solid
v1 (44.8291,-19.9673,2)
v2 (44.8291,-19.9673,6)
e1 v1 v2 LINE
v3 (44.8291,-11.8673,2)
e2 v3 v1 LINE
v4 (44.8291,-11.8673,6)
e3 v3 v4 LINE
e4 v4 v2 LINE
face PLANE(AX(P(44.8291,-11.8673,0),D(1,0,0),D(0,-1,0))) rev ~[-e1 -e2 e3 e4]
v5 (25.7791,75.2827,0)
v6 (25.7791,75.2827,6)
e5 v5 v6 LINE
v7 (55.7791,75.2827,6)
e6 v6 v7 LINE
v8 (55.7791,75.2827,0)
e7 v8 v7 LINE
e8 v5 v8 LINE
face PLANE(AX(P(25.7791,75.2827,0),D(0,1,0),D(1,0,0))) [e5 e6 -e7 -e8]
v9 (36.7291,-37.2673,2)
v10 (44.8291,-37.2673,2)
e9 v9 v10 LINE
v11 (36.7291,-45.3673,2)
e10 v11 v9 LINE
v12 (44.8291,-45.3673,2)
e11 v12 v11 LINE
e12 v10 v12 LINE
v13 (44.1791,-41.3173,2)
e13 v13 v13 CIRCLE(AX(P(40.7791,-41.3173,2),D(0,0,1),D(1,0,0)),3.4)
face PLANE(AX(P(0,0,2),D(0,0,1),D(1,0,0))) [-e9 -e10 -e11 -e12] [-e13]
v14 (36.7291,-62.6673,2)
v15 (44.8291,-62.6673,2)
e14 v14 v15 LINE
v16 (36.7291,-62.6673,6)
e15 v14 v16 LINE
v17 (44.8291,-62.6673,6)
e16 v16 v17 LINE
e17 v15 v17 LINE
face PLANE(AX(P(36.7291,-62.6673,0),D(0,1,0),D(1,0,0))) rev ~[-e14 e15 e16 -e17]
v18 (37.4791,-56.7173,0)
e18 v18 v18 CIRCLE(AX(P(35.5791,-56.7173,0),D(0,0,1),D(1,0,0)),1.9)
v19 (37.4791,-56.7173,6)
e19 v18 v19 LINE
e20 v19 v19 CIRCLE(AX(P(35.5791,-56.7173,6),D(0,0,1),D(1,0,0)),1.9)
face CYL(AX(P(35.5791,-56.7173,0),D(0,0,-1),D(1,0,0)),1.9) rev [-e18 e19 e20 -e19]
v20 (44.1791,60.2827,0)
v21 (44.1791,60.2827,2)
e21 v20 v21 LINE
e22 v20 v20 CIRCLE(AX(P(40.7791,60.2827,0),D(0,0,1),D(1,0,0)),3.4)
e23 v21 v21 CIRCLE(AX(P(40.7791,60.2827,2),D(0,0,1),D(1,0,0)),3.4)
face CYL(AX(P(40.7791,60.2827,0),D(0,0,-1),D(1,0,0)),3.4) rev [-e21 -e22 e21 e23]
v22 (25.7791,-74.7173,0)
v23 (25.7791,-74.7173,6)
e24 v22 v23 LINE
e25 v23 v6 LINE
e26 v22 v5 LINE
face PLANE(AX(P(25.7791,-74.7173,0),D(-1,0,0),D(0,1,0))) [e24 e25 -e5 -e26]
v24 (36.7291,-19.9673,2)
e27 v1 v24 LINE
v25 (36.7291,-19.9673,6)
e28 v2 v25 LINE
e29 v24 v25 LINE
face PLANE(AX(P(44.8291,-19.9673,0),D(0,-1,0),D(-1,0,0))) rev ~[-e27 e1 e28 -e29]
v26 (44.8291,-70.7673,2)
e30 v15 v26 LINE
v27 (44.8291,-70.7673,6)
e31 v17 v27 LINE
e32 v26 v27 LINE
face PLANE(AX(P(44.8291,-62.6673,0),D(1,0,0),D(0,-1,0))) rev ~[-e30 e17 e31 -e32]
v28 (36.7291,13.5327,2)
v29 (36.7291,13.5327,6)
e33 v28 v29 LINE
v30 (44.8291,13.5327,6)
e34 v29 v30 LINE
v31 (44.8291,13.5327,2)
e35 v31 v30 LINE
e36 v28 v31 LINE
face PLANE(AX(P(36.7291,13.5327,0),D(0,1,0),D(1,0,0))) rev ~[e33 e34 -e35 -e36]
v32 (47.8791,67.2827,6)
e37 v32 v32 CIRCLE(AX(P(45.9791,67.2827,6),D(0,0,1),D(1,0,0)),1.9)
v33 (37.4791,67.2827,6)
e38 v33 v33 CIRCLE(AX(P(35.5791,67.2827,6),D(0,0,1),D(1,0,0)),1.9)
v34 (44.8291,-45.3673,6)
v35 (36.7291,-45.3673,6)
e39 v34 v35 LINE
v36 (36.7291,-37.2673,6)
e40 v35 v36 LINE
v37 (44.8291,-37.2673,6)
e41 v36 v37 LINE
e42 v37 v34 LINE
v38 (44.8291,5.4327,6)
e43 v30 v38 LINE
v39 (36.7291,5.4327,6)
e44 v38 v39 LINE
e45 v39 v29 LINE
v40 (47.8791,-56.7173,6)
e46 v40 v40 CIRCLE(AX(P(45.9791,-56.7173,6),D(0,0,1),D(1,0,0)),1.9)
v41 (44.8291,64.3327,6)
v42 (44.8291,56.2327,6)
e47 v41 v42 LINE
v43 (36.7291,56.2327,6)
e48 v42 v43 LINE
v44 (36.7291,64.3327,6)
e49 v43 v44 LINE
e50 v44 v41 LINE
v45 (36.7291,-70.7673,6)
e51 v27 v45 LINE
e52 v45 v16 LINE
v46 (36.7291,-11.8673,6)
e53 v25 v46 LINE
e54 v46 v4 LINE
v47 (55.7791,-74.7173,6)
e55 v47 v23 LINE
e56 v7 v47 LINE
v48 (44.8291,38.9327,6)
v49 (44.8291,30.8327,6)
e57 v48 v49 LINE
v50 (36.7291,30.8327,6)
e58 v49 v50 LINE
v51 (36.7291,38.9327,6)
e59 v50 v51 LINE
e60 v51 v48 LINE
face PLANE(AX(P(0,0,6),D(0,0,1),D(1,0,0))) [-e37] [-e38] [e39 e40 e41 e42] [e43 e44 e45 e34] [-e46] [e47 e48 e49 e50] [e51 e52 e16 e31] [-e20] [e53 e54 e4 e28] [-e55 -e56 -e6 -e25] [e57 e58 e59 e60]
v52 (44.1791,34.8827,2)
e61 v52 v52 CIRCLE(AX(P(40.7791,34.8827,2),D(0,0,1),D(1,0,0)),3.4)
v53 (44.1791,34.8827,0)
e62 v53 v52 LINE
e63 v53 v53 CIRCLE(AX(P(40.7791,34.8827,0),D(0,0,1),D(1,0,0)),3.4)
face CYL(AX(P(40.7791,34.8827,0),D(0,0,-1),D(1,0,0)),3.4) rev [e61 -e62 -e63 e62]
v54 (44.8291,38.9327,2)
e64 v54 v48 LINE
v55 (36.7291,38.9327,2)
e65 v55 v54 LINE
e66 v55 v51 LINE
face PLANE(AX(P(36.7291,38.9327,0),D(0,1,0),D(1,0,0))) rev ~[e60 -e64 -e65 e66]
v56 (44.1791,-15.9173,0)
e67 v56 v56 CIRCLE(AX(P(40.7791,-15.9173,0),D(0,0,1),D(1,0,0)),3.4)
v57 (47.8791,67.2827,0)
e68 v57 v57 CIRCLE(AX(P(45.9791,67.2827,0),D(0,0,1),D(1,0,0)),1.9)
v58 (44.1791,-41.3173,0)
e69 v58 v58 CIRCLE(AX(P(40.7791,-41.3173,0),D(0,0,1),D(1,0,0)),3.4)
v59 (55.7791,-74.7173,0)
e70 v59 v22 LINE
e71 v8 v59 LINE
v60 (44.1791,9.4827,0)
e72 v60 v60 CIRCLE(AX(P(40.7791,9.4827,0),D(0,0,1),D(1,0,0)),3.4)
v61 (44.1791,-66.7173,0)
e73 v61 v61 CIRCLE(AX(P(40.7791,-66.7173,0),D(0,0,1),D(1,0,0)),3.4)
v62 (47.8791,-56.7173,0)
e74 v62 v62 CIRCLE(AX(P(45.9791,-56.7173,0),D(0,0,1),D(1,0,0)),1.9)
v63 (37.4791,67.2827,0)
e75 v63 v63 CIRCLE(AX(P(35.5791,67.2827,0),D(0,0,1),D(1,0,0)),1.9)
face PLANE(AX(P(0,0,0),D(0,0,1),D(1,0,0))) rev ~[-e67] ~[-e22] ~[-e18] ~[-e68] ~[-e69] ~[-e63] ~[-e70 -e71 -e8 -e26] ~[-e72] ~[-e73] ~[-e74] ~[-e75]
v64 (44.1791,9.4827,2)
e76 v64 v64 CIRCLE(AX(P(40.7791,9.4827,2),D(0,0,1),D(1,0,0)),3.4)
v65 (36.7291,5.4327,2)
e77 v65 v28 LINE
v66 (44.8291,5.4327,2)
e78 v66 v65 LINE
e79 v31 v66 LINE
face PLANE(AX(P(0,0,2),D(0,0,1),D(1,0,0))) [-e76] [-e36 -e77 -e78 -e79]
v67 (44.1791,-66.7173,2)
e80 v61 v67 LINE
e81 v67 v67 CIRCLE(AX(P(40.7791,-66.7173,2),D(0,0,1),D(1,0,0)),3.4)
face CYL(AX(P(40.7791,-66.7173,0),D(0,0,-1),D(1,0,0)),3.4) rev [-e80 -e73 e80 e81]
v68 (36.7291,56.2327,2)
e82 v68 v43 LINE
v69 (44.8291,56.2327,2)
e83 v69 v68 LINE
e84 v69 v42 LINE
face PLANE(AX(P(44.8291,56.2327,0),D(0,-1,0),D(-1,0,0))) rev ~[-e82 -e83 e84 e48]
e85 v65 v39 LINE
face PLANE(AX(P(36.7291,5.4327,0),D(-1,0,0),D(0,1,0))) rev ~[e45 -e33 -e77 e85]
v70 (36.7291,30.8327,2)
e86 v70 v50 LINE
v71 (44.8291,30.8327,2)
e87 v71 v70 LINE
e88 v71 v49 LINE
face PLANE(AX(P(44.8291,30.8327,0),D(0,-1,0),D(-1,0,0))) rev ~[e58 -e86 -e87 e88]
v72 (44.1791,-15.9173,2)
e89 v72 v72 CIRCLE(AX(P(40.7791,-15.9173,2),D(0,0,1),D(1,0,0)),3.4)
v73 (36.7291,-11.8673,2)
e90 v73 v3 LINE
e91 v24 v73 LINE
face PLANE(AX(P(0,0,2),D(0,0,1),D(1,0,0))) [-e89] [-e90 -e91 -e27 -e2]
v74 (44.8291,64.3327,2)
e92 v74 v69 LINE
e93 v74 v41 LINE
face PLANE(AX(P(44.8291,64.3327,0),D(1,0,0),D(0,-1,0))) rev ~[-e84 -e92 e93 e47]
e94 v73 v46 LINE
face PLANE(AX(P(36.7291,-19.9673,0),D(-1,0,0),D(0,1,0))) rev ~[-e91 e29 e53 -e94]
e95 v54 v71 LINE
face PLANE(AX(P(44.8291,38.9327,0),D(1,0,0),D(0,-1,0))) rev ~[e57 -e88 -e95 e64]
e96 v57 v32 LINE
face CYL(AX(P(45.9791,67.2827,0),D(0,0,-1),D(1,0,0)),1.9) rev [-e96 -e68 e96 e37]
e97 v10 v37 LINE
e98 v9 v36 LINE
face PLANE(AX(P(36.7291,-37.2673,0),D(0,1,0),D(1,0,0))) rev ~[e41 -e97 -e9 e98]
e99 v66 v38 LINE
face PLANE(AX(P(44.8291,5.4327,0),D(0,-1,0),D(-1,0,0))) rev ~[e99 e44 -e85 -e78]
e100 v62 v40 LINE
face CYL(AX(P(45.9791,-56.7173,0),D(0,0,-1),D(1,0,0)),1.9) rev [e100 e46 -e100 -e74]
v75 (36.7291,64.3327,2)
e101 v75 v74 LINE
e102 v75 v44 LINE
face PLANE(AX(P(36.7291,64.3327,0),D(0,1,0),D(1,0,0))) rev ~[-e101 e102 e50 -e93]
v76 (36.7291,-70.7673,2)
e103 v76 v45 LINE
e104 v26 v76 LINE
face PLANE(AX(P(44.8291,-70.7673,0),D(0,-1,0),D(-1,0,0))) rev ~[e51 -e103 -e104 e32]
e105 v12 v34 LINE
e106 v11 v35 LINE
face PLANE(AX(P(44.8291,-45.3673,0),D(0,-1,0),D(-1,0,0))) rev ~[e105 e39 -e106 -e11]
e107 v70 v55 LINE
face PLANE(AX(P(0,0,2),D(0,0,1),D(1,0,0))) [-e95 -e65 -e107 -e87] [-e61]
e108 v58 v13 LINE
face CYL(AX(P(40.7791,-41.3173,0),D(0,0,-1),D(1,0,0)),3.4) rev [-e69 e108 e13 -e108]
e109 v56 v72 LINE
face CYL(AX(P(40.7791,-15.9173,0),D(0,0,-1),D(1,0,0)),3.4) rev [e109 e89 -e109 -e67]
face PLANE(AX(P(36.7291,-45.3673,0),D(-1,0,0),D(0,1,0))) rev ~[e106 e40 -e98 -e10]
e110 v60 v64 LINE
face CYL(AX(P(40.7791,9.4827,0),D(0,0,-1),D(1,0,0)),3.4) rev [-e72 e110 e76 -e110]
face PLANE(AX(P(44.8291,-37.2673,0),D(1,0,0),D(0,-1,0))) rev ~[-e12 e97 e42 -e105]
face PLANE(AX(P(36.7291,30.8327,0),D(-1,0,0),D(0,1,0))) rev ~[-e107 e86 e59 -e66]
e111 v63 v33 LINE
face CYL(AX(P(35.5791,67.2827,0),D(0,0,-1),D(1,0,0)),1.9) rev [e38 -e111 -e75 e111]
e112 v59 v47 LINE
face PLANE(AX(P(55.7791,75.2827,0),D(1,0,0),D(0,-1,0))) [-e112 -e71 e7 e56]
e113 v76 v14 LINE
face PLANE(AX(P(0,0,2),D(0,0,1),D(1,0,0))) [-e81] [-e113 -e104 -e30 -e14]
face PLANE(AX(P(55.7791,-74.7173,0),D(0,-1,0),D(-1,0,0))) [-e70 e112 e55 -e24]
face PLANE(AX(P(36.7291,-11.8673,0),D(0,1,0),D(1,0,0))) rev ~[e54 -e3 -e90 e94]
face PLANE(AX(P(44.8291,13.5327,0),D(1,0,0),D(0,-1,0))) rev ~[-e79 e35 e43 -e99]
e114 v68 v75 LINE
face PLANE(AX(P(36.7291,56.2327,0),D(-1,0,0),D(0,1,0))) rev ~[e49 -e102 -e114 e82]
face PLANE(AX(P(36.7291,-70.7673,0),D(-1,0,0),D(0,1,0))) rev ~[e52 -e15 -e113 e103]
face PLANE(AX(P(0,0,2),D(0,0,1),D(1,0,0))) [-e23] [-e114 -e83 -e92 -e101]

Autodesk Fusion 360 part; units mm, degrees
sketch "Schizzo1" plane through (0, 0, 0) normal (0, 0, 1) x (1, 0, 0)
  line L0 (25.7791, 75.2827) -> (55.7791, 75.2827)
  line L1 (55.7791, 75.2827) -> (55.7791, -74.7173)
  line L2 (55.7791, -74.7173) -> (25.7791, -74.7173)
  line L3 (25.7791, -74.7173) -> (25.7791, 75.2827)
  line L4 (40.7791, 75.2827) -> (40.7791, -74.7173) construction
  line L5 (25.7791, 0.2827) -> (55.7791, 0.2827) construction
  circle A0 centre (40.7791, 60.2827) radius 3.4
  line L6 (44.8291, 56.2327) -> (36.7291, 56.2327)
  line L7 (36.7291, 56.2327) -> (36.7291, 64.3327)
  line L8 (36.7291, 64.3327) -> (44.8291, 64.3327)
  line L9 (44.8291, 64.3327) -> (44.8291, 56.2327)
  line L10 (44.8291, 56.2327) -> (36.7291, 64.3327) construction
  line L11 (36.7291, 56.2327) -> (44.8291, 64.3327) construction
  line L12 (44.8291, 38.9327) -> (44.8291, 30.8327)
  line L13 (36.7291, 38.9327) -> (44.8291, 38.9327)
  line L14 (36.7291, 30.8327) -> (36.7291, 38.9327)
  circle A1 centre (40.7791, 34.8827) radius 3.4
  line L15 (44.8291, 30.8327) -> (36.7291, 30.8327)
  line L16 (44.8291, 13.5327) -> (44.8291, 5.4327)
  line L17 (36.7291, 13.5327) -> (44.8291, 13.5327)
  line L18 (36.7291, 5.4327) -> (36.7291, 13.5327)
  circle A2 centre (40.7791, 9.4827) radius 3.4
  line L19 (44.8291, 5.4327) -> (36.7291, 5.4327)
  line L20 (44.8291, -11.8673) -> (44.8291, -19.9673)
  line L21 (36.7291, -11.8673) -> (44.8291, -11.8673)
  line L22 (36.7291, -19.9673) -> (36.7291, -11.8673)
  circle A3 centre (40.7791, -15.9173) radius 3.4
  line L23 (44.8291, -19.9673) -> (36.7291, -19.9673)
  line L24 (44.8291, -37.2673) -> (44.8291, -45.3673)
  line L25 (36.7291, -37.2673) -> (44.8291, -37.2673)
  line L26 (36.7291, -45.3673) -> (36.7291, -37.2673)
  circle A4 centre (40.7791, -41.3173) radius 3.4
  line L27 (44.8291, -45.3673) -> (36.7291, -45.3673)
  line L28 (44.8291, -62.6673) -> (44.8291, -70.7673)
  line L29 (36.7291, -62.6673) -> (44.8291, -62.6673)
  line L30 (36.7291, -70.7673) -> (36.7291, -62.6673)
  circle A5 centre (40.7791, -66.7173) radius 3.4
  line L31 (44.8291, -70.7673) -> (36.7291, -70.7673)
  line L32 (35.5791, 75.2827) -> (35.5791, -74.7173) construction
  circle A6 centre (35.5791, 67.2827) radius 1.9
  circle A7 centre (45.9791, 67.2827) radius 1.9
  circle A8 centre (35.5791, -56.7173) radius 1.9
  circle A9 centre (45.9791, -56.7173) radius 1.9
  point P0 (40.7791, 60.2827)
  dimension "d1" = 30
  dimension "d2" = 150
  dimension "d3" = 6.8
  dimension "d4" = 8.1
  dimension "d5" = 8.1
  dimension "d8" = 25.4
  dimension "d9" = 0
  dimension "d11" = 15
  dimension "d22" = 5.2
  dimension "d23" = 3.8
  dimension "d24" = 8
  dimension "d27" = 124
  dimension "d28" = 0
  dimension "d29" = 25.4
  dimension "d30" = 124
extrude "Estrusione1" add sketch "Schizzo1" along normal blind 6 contours L0 L1 L2 L3
extrude "Estrusione2" add sketch "Schizzo1" along normal blind 2 contours L6 L7 L8 L9 | L12 L13 L14 L15 | L16 L17 L18 L19 | L20 L21 L22 L23 | L24 L25 L26 L27 | L28 L29 L30 L31
